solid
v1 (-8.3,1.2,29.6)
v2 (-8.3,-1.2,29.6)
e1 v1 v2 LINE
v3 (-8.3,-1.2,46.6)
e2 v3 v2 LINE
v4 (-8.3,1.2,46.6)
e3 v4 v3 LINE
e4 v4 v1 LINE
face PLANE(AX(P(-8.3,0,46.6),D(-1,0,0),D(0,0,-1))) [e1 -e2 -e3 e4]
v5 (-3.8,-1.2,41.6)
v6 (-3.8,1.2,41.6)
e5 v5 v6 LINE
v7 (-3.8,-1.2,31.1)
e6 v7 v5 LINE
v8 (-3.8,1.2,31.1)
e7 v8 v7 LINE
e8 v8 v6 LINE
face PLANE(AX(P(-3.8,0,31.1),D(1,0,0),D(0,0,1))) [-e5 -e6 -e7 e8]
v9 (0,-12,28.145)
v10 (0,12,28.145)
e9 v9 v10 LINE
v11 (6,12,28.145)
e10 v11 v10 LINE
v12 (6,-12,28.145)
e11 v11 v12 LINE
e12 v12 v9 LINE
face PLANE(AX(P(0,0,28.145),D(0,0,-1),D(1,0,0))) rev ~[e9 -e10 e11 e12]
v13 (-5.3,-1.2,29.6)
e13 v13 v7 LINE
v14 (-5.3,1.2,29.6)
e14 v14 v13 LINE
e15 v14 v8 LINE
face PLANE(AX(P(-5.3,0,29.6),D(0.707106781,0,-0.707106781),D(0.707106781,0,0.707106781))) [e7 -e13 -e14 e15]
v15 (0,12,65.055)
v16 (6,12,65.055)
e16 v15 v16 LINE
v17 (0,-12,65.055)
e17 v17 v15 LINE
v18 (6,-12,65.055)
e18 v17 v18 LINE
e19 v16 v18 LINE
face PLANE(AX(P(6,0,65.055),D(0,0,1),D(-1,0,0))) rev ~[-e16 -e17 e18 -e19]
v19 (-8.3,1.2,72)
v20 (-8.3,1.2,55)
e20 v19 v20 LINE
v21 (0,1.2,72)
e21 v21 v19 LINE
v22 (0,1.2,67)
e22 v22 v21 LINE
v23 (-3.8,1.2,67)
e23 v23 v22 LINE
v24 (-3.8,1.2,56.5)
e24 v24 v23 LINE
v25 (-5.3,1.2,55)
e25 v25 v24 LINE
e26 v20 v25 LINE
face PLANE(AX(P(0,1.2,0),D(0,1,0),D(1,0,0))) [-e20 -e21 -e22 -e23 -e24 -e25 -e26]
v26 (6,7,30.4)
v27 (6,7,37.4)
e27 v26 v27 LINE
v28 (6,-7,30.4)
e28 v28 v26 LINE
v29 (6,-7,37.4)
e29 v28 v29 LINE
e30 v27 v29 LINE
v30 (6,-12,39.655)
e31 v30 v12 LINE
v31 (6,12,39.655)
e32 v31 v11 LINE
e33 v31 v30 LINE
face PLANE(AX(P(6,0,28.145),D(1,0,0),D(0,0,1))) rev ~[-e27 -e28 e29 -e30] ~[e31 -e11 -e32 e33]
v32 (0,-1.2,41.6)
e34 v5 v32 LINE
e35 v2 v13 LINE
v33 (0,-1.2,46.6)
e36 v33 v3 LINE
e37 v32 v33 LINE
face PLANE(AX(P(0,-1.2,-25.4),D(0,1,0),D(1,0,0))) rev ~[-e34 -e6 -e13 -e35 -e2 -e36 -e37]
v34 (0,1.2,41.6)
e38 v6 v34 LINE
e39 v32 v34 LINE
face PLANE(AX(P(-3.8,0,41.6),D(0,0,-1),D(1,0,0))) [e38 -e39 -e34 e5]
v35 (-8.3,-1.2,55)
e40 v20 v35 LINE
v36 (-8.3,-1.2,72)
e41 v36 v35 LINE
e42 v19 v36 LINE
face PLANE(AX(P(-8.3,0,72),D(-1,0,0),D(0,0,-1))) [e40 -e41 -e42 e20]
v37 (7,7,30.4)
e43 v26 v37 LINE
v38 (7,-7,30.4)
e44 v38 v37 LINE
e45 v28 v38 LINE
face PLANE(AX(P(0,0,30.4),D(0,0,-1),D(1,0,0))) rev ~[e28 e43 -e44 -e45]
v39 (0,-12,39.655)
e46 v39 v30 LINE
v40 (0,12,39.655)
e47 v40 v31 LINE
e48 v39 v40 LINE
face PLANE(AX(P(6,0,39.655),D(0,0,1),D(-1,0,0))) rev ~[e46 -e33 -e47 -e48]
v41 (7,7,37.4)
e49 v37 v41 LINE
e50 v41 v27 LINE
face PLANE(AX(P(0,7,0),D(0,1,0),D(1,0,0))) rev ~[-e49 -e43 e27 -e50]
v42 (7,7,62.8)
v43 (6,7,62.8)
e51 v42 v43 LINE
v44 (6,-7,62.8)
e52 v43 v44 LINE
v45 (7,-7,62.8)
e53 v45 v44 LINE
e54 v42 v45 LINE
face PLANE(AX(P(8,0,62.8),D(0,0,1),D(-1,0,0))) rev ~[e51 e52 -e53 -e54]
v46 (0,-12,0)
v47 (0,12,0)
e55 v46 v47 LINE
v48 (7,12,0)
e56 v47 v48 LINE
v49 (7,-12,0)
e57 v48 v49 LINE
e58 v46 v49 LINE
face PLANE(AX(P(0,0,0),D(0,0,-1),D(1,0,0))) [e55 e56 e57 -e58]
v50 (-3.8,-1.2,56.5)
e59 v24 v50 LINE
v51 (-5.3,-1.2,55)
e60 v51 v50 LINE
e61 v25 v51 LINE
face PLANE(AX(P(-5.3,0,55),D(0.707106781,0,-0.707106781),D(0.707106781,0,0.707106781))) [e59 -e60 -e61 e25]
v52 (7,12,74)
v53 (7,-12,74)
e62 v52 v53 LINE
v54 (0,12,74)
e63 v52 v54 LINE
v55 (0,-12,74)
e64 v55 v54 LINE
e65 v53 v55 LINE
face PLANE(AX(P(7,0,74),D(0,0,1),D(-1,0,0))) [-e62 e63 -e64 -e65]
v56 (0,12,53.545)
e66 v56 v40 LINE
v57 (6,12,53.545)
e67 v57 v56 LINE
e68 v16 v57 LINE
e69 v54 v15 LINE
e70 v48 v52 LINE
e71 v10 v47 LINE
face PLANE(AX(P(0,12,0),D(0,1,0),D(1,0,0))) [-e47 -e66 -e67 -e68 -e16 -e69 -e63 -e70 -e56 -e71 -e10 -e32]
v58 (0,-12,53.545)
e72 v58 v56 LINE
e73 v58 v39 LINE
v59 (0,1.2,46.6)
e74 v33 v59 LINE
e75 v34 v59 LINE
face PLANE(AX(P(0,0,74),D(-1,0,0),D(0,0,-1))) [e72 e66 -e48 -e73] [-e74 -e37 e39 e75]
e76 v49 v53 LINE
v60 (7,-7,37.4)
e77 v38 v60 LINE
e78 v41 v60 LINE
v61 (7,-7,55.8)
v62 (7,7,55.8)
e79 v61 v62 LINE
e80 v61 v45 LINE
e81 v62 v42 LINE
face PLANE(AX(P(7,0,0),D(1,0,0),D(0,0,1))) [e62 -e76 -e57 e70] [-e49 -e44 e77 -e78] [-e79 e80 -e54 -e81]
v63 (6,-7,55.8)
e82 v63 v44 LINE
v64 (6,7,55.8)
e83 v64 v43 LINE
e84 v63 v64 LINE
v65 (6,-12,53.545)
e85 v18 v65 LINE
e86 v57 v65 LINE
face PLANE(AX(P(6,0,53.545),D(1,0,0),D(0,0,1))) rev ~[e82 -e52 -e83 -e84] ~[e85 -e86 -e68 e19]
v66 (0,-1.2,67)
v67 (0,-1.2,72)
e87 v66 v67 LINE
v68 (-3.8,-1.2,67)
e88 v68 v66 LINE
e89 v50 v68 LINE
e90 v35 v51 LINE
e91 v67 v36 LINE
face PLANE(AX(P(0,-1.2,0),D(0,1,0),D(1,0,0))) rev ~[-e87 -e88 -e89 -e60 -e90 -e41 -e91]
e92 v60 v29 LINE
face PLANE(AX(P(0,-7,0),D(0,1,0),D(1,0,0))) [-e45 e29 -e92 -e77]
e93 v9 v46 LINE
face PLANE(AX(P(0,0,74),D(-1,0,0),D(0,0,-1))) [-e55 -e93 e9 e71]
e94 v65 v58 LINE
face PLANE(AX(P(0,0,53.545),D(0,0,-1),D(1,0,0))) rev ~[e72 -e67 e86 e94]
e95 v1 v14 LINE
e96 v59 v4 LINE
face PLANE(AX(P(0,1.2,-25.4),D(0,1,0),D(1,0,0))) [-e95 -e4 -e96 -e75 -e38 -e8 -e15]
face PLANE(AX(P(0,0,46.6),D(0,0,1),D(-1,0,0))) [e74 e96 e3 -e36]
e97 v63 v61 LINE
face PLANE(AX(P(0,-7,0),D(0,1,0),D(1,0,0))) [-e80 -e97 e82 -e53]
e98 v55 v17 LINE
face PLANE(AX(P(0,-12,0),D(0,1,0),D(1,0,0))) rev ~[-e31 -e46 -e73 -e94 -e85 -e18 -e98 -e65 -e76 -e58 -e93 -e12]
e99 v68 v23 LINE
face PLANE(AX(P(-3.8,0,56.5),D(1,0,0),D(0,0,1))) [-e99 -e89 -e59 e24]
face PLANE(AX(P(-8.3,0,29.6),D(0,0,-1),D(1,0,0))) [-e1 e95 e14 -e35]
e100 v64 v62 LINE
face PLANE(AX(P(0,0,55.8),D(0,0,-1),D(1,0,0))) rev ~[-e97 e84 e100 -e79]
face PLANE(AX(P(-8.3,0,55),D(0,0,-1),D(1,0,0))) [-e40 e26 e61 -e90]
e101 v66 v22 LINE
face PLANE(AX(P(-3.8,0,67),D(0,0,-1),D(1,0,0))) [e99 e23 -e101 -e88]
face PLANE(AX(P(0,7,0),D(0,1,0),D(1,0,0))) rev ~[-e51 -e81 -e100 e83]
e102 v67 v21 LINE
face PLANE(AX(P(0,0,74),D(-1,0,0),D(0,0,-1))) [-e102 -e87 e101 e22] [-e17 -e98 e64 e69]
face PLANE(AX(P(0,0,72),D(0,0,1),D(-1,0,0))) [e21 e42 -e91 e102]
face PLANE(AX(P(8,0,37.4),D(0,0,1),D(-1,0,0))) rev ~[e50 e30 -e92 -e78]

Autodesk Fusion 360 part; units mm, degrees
sketch "Plate" plane through (0, 0, 0) normal (0, 1, 0) x (1, 0, 0)
  line L0 (0, 0) -> (7, 0)
  line L1 (7, 0) -> (7, -74)
  line L2 (7, -74) -> (0, -74)
  line L3 (0, -74) -> (0, 0)
  dimension "d58" = 7
  dimension "d59" = 74
extrude "Plate (1)" add sketch "Plate" along normal mid plane 24
sketch "Hook profile" plane through (0, 0, 0) normal (0, 1, 0) x (1, 0, 0)
  line L0 (0, -72) -> (-8.3, -72)
  line L1 (-8.3, -72) -> (-8.3, -55)
  line L2 (-8.3, -55) -> (-5.3, -55)
  line L3 (-5.3, -55) -> (-3.8, -56.5)
  line L4 (-3.8, -56.5) -> (-3.8, -67)
  line L5 (-3.8, -67) -> (0, -67)
  line L6 (0, -67) -> (0, -72)
  dimension "d62" = 72
  dimension "d63" = 8.3
  dimension "d64" = 3.8
  dimension "d65" = 5
  dimension "d66" = 10.5
  dimension "d67" = 1.5
  dimension "d68" = 1.5
extrude "Hook profile (1)" add sketch "Hook profile" along normal mid plane 2.4
pattern_linear "Hook rows" count 2 spacing 25.4 along (0, 0, -1) count 3 spacing 0 along (0, 0, 1) of "Hook profile (1)"
sketch "Nut track 0" plane through (0, 0, 0) normal (0, 1, 0) x (1, 0, 0)
  line L0 (0, -53.545) -> (6, -53.545)
  line L1 (6, -53.545) -> (6, -65.055)
  line L2 (6, -65.055) -> (0, -65.055)
  line L3 (0, -65.055) -> (0, -53.545)
  line L4 (0, -1.75) -> (0, -22.5)
  dimension "d75" = 53.545
  dimension "d76" = 6
  dimension "d77" = 65.055
extrude "Nut track 0 (1)" cut sketch "Nut track 0" along normal mid plane 34
sketch "Bolt slot 0" plane through (0, 0, 0) normal (0, 1, 0) x (1, 0, 0)
  line L0 (0, -55.8) -> (8, -55.8)
  line L1 (8, -55.8) -> (8, -62.8)
  line L2 (8, -62.8) -> (0, -62.8)
  line L3 (0, -62.8) -> (0, -55.8)
  line L4 (0, -1.75) -> (0, -22.5)
  dimension "d80" = 55.8
  dimension "d81" = 8
  dimension "d82" = 62.8
extrude "Bolt slot 0 (1)" cut sketch "Bolt slot 0" along normal mid plane 14
sketch "Nut track 1" plane through (0, 0, 0) normal (0, 1, 0) x (1, 0, 0)
  line L0 (0, -28.145) -> (6, -28.145)
  line L1 (6, -28.145) -> (6, -39.655)
  line L2 (6, -39.655) -> (0, -39.655)
  line L3 (0, -39.655) -> (0, -28.145)
  line L4 (0, -1.75) -> (0, -22.5)
  dimension "d85" = 28.145
  dimension "d86" = 6
  dimension "d87" = 39.655
extrude "Nut track 1 (1)" cut sketch "Nut track 1" along normal mid plane 34
sketch "Bolt slot 1" plane through (0, 0, 0) normal (0, 1, 0) x (1, 0, 0)
  line L0 (0, -30.4) -> (8, -30.4)
  line L1 (8, -30.4) -> (8, -37.4)
  line L2 (8, -37.4) -> (0, -37.4)
  line L3 (0, -37.4) -> (0, -30.4)
  line L4 (0, -1.75) -> (0, -22.5)
  dimension "d90" = 30.4
  dimension "d91" = 8
  dimension "d92" = 37.4
extrude "Bolt slot 1 (1)" cut sketch "Bolt slot 1" along normal mid plane 14
equation "bracketWidth = 24.0 mm" comment "bracket width across the upright"
equation "hookTabWidth = slotWidth - 0.8 mm" comment "blade width through the slot"
equation "slotPitchVertical = 25.4 mm" comment "1 inch, measured"
equation "faceMetalThickness = 2.0 mm" comment "upright face metal"
equation "hookThroat = faceMetalThickness + 1.8 mm" comment "gap behind the plate"
equation "hookNeckHeight = 5.0 mm" comment "bears on the slot bottom edge"
equation "hookLipThickness = 4.5 mm" comment "lip thickness behind the face"
equation "hookLipDrop = 12.0 mm" comment "engagement below the neck"
equation "hookLipChamfer = 1.5 mm" comment "lead-in past slot burrs"
equation "topHookNeckTop = 72.0 mm" comment "top row, below the plate top"
equation "hookRows = 2" comment "number of hook rows (pattern count)"
equation "plateThickness = 7.0 mm" comment "the board bolts to this face"
equation "plateHeight = 74.0 mm" comment "plate height, spans the hook rows"
equation "boltSlotHeight = 7.0 mm" comment "1/4-20 clearance, vertical"
equation "boltSlotLength = 14.0 mm" comment "horizontal adjustment range"
equation "nutTrackHeight = 11.51 mm" comment "across flats of a 1/4-20 nut"
equation "nutTrackDepth = 6.0 mm" comment "track depth from the rear face"
equation "slotWidth = 3.2 mm" comment "measured slot width in the upright"
equation "topBoltCentre = 59.3 mm" comment "top bolt, above the plate foot"
equation "d58 = plateThickness"
equation "d59 = plateHeight"
equation "d60 = bracketWidth"
equation "d62 = topHookNeckTop"
equation "d63 = hookThroat + hookLipThickness"
equation "d64 = hookThroat"
equation "d65 = hookNeckHeight"
equation "d66 = hookLipDrop - hookLipChamfer"
equation "d67 = hookLipChamfer"
equation "d68 = hookLipChamfer"
equation "d69 = hookTabWidth"
equation "d71 = hookRows"
equation "d73 = -slotPitchVertical"
equation "d75 = topBoltCentre - nutTrackHeight / 2"
equation "d76 = nutTrackDepth"
equation "d77 = topBoltCentre + nutTrackHeight / 2"
equation "d78 = bracketWidth + 10 mm"
equation "d80 = topBoltCentre - boltSlotHeight / 2"
equation "d81 = plateThickness + 1 mm"
equation "d82 = topBoltCentre + boltSlotHeight / 2"
equation "d83 = boltSlotLength"
equation "d85 = topBoltCentre - 1 * slotPitchVertical - nutTrackHeight / 2"
equation "d86 = nutTrackDepth"
equation "d87 = topBoltCentre - 1 * slotPitchVertical + nutTrackHeight / 2"
equation "d88 = bracketWidth + 10 mm"
equation "d90 = topBoltCentre - 1 * slotPitchVertical - boltSlotHeight / 2"
equation "d91 = plateThickness + 1 mm"
equation "d92 = topBoltCentre - 1 * slotPitchVertical + boltSlotHeight / 2"
equation "d93 = boltSlotLength"
